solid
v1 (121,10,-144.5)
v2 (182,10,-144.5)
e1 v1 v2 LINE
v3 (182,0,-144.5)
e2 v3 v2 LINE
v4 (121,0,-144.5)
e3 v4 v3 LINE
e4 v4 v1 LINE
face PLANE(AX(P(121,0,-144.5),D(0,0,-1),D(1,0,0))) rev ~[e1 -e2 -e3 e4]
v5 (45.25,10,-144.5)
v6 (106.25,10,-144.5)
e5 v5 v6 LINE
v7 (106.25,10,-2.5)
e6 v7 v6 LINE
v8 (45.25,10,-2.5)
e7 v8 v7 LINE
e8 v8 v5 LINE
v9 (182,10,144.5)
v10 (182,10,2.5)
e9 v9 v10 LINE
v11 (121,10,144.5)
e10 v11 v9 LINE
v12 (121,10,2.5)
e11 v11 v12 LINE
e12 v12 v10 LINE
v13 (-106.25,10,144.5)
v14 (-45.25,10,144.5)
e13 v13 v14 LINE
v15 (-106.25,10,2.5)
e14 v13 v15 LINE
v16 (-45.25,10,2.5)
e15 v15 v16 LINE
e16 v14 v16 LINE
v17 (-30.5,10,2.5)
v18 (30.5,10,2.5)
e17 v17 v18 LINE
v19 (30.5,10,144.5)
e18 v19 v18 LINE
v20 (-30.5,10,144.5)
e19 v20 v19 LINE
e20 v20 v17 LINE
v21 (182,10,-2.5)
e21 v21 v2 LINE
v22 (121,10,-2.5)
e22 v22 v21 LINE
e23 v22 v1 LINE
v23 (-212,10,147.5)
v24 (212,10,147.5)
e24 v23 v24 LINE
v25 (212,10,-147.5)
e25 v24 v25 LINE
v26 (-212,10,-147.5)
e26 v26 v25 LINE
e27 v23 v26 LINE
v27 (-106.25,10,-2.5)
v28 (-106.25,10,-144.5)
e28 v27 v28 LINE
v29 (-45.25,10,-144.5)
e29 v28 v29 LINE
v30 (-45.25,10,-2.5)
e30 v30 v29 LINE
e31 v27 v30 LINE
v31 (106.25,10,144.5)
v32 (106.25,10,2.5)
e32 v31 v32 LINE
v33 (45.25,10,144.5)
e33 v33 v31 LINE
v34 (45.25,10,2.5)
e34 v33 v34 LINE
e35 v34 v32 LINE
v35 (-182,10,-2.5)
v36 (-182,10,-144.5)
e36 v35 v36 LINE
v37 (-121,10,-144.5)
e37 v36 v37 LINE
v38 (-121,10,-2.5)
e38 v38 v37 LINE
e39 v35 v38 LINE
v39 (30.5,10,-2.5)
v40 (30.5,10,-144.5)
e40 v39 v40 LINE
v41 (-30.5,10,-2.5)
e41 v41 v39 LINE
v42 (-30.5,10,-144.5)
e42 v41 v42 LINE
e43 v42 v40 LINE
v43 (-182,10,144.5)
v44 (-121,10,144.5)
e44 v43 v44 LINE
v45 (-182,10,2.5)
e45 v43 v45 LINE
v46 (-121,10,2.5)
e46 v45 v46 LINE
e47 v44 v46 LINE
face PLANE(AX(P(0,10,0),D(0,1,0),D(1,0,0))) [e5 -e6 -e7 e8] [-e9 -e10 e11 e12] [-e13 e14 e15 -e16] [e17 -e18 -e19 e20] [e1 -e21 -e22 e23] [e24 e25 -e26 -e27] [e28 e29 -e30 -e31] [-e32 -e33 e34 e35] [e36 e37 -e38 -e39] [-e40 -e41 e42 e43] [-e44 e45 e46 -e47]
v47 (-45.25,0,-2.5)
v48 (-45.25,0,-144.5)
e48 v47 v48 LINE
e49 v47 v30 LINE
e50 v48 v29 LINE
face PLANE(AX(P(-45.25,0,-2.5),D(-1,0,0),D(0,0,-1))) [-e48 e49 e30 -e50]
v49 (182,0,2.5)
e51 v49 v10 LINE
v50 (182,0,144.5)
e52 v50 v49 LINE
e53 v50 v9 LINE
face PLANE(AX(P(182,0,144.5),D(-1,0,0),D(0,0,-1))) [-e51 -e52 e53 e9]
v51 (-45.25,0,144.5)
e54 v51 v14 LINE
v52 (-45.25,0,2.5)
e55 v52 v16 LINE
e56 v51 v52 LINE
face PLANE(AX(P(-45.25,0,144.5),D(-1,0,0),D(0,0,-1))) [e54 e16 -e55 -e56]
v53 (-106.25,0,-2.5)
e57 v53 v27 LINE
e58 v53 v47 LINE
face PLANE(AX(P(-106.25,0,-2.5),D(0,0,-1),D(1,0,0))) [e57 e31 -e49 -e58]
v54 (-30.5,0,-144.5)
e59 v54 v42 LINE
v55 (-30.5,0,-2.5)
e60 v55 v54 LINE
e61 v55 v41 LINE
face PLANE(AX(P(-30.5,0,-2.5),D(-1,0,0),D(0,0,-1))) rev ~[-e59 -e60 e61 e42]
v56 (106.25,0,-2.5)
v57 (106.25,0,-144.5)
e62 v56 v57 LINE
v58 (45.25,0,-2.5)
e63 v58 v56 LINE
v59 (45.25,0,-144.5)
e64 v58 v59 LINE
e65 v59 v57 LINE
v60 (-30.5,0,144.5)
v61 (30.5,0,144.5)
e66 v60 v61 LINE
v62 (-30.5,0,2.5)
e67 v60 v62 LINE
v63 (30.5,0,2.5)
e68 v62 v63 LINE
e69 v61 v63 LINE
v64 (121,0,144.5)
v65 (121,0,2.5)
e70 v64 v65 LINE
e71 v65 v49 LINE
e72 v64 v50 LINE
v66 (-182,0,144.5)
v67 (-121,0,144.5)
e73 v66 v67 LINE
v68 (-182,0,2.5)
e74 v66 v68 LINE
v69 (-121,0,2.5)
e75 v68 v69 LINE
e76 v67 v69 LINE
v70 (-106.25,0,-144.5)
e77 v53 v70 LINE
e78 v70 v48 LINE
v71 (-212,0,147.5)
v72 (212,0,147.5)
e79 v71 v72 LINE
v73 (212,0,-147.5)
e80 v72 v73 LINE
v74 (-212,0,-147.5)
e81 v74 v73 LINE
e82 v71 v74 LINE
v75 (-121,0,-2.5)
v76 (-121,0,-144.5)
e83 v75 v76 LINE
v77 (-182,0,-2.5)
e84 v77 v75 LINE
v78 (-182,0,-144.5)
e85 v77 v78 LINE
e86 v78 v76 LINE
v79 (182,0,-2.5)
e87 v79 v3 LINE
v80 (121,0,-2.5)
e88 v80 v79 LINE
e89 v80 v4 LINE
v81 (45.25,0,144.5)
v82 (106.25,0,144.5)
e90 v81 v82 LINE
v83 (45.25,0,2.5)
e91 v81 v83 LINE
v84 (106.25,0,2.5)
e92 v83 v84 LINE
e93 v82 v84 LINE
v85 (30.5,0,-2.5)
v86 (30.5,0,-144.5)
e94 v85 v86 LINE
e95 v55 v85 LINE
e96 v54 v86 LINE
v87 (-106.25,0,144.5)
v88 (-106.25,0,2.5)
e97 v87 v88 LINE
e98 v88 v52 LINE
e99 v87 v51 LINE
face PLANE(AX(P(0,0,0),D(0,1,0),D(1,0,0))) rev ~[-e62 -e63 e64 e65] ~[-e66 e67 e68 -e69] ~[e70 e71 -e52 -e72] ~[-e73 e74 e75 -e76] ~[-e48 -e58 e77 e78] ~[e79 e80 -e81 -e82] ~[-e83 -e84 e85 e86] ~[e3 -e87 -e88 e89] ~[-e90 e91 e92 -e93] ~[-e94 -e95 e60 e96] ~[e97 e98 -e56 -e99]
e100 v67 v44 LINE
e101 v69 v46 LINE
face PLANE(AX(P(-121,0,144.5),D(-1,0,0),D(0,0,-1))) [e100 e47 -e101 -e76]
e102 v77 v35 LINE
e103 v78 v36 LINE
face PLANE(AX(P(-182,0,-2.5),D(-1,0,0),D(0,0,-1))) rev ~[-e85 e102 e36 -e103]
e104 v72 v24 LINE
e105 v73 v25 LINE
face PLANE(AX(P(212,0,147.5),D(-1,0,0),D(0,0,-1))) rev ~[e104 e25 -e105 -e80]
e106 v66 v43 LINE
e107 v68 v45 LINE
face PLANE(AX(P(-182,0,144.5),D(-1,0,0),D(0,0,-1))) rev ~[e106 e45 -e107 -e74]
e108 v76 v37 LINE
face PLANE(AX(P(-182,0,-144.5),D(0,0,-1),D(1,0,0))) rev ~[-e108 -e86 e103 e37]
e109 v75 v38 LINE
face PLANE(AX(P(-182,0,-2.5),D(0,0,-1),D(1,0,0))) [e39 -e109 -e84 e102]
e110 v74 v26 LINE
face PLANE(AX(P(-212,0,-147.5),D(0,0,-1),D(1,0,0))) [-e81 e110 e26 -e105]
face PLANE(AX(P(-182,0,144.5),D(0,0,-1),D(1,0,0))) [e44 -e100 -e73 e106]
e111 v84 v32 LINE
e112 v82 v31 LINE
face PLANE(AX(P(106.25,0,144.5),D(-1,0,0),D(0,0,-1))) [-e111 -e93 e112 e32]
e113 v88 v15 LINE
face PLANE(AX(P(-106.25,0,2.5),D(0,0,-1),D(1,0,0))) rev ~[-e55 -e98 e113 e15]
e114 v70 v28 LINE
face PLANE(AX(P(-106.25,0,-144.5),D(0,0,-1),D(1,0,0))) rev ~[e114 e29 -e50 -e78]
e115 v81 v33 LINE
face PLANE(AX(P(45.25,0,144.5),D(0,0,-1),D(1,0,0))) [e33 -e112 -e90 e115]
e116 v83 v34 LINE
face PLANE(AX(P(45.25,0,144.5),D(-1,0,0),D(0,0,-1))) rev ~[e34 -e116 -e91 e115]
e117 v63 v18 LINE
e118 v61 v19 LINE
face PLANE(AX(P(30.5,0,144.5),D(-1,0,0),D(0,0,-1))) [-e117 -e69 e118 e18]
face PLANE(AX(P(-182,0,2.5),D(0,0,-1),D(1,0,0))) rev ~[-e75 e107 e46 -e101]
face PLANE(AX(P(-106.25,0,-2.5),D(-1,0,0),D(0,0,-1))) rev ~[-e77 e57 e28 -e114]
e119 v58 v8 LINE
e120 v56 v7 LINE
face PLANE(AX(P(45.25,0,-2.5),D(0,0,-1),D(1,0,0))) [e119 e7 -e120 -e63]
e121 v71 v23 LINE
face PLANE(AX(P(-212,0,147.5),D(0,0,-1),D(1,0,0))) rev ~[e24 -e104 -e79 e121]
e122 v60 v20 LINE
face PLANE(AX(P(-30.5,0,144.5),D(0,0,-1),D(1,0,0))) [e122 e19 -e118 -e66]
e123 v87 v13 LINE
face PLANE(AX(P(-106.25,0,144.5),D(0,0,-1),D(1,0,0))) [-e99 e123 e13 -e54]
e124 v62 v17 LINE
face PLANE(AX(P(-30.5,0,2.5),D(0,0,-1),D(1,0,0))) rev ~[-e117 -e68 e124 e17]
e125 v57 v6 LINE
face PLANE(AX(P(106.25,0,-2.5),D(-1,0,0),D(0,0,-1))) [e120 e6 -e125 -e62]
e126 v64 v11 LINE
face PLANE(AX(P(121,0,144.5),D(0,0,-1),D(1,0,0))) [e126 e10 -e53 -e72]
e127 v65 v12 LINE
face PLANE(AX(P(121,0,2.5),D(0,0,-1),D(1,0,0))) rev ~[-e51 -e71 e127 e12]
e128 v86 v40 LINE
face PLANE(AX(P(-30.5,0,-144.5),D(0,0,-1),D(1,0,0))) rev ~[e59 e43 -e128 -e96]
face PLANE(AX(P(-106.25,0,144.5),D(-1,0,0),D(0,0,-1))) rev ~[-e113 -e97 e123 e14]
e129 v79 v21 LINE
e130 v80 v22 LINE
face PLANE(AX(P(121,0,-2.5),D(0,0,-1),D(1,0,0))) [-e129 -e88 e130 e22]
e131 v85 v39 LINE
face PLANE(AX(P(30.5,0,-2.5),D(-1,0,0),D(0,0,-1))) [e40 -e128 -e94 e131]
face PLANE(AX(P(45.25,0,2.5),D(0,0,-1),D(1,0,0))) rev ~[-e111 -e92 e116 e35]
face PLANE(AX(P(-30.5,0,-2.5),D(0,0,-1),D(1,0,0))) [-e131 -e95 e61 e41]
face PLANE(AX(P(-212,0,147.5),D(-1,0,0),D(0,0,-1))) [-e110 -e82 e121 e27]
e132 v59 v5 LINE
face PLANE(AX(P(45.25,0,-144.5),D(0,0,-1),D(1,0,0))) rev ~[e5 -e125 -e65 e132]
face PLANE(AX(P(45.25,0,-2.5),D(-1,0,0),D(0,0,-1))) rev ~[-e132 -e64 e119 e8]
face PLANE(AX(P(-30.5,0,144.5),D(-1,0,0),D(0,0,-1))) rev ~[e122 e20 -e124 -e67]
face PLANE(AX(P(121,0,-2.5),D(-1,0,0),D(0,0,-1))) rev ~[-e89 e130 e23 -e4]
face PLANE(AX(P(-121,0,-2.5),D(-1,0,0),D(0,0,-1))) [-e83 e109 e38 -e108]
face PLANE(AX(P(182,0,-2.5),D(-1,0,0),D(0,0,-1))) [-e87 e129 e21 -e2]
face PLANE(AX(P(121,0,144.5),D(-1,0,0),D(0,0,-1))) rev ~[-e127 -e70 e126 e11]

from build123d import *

# Parameters (mm, degrees)
SKETCH1_W           = 424
SKETCH1_H           = 295
SKETCH1_W_2         = 61
SKETCH1_H_2         = 142
BOSS_EXTRUDE1_DEPTH = 10


with BuildPart() as part:
    # Sketch1 → Boss-Extrude1 (new body)
    with BuildSketch(Plane(origin=(0, 0, 0), x_dir=(1, 0, 0), z_dir=(0, 1, 0))):
        Rectangle(SKETCH1_W, SKETCH1_H)
        with Locations((-151.5, 73.5)):
            Rectangle(SKETCH1_W_2, SKETCH1_H_2, mode=Mode.SUBTRACT)
        with Locations((-75.75, 73.5)):
            Rectangle(SKETCH1_W_2, SKETCH1_H_2, mode=Mode.SUBTRACT)
        with Locations((0, 73.5)):
            Rectangle(SKETCH1_W_2, SKETCH1_H_2, mode=Mode.SUBTRACT)
        with Locations((75.75, 73.5)):
            Rectangle(SKETCH1_W_2, SKETCH1_H_2, mode=Mode.SUBTRACT)
        with Locations((151.5, 73.5)):
            Rectangle(SKETCH1_W_2, SKETCH1_H_2, mode=Mode.SUBTRACT)
        with Locations((151.5, -73.5)):
            Rectangle(SKETCH1_W_2, SKETCH1_H_2, mode=Mode.SUBTRACT)
        with Locations((75.75, -73.5)):
            Rectangle(SKETCH1_W_2, SKETCH1_H_2, mode=Mode.SUBTRACT)
        with Locations((0, -73.5)):
            Rectangle(SKETCH1_W_2, SKETCH1_H_2, mode=Mode.SUBTRACT)
        with Locations((-75.75, -73.5)):
            Rectangle(SKETCH1_W_2, SKETCH1_H_2, mode=Mode.SUBTRACT)
        with Locations((-151.5, -73.5)):
            Rectangle(SKETCH1_W_2, SKETCH1_H_2, mode=Mode.SUBTRACT)
    extrude(amount=BOSS_EXTRUDE1_DEPTH)


solid = part.part
